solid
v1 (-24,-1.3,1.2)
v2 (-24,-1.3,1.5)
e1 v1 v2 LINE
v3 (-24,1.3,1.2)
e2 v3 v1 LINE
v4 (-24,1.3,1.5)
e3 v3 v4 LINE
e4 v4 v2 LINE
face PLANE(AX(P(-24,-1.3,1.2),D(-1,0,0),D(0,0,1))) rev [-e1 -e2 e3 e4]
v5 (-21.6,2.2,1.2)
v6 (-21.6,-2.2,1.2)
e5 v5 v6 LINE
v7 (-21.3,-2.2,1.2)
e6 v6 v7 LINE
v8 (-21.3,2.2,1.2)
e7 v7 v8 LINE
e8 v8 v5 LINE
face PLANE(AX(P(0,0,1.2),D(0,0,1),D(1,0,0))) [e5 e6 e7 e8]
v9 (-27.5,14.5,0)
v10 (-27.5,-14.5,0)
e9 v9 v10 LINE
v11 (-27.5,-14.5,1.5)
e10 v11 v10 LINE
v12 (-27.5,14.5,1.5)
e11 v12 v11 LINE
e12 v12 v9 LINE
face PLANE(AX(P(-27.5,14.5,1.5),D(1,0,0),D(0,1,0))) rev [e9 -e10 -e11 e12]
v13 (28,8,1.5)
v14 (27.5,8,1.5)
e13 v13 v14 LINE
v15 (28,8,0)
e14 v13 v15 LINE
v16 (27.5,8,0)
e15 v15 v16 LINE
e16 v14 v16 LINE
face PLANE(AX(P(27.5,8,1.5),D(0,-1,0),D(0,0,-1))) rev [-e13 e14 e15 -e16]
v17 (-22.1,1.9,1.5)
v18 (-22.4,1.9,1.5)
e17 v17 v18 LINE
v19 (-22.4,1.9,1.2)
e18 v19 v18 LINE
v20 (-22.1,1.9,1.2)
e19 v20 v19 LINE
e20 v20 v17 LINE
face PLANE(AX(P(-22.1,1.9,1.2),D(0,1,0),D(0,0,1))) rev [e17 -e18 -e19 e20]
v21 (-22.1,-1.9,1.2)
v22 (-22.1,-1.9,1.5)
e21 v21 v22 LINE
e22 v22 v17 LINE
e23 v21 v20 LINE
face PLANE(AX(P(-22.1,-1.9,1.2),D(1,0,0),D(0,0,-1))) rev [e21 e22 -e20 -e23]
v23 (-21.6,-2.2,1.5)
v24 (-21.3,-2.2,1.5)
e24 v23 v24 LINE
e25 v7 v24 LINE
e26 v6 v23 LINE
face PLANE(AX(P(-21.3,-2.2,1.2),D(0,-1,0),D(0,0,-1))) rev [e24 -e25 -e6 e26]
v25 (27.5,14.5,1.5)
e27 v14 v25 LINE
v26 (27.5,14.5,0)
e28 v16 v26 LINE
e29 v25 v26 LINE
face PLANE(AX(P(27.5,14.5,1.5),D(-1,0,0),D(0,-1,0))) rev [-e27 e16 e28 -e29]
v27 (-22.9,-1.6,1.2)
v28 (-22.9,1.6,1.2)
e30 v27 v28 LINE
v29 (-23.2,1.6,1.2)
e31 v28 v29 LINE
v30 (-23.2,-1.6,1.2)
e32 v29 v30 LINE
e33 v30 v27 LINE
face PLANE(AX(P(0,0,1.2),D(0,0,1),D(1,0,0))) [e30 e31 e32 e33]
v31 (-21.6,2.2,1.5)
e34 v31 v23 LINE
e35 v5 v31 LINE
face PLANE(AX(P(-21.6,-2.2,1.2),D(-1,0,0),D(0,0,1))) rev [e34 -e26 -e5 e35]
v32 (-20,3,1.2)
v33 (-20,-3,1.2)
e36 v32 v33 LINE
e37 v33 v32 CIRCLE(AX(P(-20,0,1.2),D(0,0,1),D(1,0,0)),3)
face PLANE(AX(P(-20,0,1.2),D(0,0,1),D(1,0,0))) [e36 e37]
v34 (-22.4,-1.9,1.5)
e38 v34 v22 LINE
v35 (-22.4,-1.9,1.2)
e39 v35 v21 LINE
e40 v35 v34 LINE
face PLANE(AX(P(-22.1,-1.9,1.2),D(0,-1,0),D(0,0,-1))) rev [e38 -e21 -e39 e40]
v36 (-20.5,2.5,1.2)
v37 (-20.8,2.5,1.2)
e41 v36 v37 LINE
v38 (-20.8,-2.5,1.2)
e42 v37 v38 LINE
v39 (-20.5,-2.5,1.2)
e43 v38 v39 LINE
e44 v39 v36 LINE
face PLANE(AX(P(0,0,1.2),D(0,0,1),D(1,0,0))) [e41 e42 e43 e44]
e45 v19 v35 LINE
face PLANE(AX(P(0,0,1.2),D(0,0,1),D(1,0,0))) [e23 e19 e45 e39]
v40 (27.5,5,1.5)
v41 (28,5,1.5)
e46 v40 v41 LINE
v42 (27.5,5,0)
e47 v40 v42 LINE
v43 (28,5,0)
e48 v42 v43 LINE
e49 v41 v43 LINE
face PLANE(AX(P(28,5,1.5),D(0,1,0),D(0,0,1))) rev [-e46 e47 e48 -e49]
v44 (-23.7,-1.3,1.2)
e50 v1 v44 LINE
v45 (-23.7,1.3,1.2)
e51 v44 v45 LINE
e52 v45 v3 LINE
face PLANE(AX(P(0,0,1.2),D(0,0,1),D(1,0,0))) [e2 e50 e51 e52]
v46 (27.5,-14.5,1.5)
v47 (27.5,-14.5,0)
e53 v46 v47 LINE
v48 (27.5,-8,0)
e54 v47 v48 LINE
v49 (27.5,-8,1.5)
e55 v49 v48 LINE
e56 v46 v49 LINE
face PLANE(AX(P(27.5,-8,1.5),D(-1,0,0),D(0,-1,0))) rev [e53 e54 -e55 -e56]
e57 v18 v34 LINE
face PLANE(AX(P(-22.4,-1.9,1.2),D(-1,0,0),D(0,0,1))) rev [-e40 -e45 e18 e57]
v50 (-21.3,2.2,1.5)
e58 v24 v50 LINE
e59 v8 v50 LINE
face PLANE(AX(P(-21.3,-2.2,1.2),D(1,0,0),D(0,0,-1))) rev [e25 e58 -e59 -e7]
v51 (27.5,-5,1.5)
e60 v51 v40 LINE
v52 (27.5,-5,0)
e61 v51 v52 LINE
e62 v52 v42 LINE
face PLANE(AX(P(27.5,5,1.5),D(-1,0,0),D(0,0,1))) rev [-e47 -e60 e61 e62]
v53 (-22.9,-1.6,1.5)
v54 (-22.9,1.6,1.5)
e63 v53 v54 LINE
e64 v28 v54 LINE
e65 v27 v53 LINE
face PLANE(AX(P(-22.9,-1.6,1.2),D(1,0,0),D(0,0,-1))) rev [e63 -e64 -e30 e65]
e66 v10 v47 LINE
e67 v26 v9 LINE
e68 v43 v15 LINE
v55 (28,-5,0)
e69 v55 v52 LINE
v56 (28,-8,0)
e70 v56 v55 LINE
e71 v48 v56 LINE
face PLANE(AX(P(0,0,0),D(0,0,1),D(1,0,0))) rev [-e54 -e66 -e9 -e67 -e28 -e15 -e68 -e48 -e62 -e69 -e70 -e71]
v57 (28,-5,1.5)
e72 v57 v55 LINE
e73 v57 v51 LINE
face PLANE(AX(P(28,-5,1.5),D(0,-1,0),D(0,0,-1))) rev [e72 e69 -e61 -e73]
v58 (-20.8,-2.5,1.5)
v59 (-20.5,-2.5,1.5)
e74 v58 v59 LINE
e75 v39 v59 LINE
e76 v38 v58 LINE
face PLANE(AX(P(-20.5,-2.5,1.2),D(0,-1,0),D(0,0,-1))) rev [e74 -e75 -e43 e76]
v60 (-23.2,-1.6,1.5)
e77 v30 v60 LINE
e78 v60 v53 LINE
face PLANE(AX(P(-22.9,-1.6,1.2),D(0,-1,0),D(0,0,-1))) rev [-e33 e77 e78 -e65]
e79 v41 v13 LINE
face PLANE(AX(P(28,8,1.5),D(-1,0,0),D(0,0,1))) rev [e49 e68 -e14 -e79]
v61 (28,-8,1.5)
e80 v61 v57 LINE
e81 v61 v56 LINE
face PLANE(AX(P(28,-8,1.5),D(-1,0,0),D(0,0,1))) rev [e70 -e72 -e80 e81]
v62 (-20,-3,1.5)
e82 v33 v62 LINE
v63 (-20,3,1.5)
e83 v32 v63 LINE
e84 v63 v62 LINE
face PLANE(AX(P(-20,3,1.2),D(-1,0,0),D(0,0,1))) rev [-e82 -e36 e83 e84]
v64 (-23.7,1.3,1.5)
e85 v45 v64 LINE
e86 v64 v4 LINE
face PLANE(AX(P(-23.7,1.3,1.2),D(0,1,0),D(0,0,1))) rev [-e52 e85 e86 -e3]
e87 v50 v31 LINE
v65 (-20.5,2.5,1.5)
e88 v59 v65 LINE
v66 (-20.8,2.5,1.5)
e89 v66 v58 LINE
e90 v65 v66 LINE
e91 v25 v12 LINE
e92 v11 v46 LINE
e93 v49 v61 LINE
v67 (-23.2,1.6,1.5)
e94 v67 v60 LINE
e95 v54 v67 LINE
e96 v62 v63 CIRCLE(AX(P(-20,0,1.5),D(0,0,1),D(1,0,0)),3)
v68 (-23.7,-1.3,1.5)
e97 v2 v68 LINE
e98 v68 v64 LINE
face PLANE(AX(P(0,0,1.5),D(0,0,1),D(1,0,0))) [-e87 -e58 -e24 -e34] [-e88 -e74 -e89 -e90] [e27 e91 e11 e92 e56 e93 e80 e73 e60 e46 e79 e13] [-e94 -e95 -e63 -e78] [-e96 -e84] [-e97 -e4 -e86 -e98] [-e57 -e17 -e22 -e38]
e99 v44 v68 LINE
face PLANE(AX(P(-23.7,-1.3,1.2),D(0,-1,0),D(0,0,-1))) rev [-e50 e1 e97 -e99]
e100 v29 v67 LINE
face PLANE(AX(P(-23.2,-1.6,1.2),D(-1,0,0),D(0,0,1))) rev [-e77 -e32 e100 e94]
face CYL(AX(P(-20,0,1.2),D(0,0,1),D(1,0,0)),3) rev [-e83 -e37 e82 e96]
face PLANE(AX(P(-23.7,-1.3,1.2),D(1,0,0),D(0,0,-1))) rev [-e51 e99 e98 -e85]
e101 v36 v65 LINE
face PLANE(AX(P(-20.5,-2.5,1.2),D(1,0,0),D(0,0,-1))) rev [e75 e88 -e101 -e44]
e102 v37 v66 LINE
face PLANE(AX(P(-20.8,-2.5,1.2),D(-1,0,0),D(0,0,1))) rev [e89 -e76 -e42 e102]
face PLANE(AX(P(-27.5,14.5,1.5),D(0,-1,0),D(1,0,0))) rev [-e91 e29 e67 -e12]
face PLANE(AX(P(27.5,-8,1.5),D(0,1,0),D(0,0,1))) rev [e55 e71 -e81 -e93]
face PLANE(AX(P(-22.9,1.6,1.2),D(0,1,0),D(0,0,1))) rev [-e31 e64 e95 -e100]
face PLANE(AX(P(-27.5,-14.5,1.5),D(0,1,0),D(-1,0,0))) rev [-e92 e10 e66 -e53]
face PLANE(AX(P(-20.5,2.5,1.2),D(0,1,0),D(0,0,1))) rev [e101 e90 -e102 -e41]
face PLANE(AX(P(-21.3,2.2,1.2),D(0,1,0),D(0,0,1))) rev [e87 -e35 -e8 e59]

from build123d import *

# Parameters (mm, degrees)
EXTRUDE_1_DEPTH     = 1.5
SKETCH_2_W          = 0.3
SKETCH_2_H          = 5
SKETCH_2_H_2        = 4.4
SKETCH_2_H_3        = 3.8
SKETCH_2_H_4        = 3.2
SKETCH_2_H_5        = 2.6
CUT_EXTRUDE_1_DEPTH = 0.3


with BuildPart() as part:
    # 草图1 → 凸台-拉伸1 (new body)
    with BuildSketch(Plane.XY):
        Polygon((27.5, 8), (28, 8), (28, 5), (27.5, 5), (27.5, -5), (28, -5), (28, -8), (27.5, -8), (27.5, -14.5), (-27.5, -14.5), (-27.5, 14.5), (27.5, 14.5), align=None)
    extrude(amount=EXTRUDE_1_DEPTH)

    # 草图2 → 切除-拉伸1 (cut)
    with BuildSketch(Plane.XY.offset(1.5)):
        with BuildLine():
            Line((-20, 3), (-20, -3))
            ThreePointArc((-20, -3), (-17, 0), (-20, 3))
        make_face()
        with Locations((-20.65, 0)):
            Rectangle(SKETCH_2_W, SKETCH_2_H)
        with Locations((-21.45, 0)):
            Rectangle(SKETCH_2_W, SKETCH_2_H_2)
        with Locations((-22.25, 0)):
            Rectangle(SKETCH_2_W, SKETCH_2_H_3)
        with Locations((-23.05, 0)):
            Rectangle(SKETCH_2_W, SKETCH_2_H_4)
        with Locations((-23.85, 0)):
            Rectangle(SKETCH_2_W, SKETCH_2_H_5)
    extrude(amount=-CUT_EXTRUDE_1_DEPTH, mode=Mode.SUBTRACT)


solid = part.part
